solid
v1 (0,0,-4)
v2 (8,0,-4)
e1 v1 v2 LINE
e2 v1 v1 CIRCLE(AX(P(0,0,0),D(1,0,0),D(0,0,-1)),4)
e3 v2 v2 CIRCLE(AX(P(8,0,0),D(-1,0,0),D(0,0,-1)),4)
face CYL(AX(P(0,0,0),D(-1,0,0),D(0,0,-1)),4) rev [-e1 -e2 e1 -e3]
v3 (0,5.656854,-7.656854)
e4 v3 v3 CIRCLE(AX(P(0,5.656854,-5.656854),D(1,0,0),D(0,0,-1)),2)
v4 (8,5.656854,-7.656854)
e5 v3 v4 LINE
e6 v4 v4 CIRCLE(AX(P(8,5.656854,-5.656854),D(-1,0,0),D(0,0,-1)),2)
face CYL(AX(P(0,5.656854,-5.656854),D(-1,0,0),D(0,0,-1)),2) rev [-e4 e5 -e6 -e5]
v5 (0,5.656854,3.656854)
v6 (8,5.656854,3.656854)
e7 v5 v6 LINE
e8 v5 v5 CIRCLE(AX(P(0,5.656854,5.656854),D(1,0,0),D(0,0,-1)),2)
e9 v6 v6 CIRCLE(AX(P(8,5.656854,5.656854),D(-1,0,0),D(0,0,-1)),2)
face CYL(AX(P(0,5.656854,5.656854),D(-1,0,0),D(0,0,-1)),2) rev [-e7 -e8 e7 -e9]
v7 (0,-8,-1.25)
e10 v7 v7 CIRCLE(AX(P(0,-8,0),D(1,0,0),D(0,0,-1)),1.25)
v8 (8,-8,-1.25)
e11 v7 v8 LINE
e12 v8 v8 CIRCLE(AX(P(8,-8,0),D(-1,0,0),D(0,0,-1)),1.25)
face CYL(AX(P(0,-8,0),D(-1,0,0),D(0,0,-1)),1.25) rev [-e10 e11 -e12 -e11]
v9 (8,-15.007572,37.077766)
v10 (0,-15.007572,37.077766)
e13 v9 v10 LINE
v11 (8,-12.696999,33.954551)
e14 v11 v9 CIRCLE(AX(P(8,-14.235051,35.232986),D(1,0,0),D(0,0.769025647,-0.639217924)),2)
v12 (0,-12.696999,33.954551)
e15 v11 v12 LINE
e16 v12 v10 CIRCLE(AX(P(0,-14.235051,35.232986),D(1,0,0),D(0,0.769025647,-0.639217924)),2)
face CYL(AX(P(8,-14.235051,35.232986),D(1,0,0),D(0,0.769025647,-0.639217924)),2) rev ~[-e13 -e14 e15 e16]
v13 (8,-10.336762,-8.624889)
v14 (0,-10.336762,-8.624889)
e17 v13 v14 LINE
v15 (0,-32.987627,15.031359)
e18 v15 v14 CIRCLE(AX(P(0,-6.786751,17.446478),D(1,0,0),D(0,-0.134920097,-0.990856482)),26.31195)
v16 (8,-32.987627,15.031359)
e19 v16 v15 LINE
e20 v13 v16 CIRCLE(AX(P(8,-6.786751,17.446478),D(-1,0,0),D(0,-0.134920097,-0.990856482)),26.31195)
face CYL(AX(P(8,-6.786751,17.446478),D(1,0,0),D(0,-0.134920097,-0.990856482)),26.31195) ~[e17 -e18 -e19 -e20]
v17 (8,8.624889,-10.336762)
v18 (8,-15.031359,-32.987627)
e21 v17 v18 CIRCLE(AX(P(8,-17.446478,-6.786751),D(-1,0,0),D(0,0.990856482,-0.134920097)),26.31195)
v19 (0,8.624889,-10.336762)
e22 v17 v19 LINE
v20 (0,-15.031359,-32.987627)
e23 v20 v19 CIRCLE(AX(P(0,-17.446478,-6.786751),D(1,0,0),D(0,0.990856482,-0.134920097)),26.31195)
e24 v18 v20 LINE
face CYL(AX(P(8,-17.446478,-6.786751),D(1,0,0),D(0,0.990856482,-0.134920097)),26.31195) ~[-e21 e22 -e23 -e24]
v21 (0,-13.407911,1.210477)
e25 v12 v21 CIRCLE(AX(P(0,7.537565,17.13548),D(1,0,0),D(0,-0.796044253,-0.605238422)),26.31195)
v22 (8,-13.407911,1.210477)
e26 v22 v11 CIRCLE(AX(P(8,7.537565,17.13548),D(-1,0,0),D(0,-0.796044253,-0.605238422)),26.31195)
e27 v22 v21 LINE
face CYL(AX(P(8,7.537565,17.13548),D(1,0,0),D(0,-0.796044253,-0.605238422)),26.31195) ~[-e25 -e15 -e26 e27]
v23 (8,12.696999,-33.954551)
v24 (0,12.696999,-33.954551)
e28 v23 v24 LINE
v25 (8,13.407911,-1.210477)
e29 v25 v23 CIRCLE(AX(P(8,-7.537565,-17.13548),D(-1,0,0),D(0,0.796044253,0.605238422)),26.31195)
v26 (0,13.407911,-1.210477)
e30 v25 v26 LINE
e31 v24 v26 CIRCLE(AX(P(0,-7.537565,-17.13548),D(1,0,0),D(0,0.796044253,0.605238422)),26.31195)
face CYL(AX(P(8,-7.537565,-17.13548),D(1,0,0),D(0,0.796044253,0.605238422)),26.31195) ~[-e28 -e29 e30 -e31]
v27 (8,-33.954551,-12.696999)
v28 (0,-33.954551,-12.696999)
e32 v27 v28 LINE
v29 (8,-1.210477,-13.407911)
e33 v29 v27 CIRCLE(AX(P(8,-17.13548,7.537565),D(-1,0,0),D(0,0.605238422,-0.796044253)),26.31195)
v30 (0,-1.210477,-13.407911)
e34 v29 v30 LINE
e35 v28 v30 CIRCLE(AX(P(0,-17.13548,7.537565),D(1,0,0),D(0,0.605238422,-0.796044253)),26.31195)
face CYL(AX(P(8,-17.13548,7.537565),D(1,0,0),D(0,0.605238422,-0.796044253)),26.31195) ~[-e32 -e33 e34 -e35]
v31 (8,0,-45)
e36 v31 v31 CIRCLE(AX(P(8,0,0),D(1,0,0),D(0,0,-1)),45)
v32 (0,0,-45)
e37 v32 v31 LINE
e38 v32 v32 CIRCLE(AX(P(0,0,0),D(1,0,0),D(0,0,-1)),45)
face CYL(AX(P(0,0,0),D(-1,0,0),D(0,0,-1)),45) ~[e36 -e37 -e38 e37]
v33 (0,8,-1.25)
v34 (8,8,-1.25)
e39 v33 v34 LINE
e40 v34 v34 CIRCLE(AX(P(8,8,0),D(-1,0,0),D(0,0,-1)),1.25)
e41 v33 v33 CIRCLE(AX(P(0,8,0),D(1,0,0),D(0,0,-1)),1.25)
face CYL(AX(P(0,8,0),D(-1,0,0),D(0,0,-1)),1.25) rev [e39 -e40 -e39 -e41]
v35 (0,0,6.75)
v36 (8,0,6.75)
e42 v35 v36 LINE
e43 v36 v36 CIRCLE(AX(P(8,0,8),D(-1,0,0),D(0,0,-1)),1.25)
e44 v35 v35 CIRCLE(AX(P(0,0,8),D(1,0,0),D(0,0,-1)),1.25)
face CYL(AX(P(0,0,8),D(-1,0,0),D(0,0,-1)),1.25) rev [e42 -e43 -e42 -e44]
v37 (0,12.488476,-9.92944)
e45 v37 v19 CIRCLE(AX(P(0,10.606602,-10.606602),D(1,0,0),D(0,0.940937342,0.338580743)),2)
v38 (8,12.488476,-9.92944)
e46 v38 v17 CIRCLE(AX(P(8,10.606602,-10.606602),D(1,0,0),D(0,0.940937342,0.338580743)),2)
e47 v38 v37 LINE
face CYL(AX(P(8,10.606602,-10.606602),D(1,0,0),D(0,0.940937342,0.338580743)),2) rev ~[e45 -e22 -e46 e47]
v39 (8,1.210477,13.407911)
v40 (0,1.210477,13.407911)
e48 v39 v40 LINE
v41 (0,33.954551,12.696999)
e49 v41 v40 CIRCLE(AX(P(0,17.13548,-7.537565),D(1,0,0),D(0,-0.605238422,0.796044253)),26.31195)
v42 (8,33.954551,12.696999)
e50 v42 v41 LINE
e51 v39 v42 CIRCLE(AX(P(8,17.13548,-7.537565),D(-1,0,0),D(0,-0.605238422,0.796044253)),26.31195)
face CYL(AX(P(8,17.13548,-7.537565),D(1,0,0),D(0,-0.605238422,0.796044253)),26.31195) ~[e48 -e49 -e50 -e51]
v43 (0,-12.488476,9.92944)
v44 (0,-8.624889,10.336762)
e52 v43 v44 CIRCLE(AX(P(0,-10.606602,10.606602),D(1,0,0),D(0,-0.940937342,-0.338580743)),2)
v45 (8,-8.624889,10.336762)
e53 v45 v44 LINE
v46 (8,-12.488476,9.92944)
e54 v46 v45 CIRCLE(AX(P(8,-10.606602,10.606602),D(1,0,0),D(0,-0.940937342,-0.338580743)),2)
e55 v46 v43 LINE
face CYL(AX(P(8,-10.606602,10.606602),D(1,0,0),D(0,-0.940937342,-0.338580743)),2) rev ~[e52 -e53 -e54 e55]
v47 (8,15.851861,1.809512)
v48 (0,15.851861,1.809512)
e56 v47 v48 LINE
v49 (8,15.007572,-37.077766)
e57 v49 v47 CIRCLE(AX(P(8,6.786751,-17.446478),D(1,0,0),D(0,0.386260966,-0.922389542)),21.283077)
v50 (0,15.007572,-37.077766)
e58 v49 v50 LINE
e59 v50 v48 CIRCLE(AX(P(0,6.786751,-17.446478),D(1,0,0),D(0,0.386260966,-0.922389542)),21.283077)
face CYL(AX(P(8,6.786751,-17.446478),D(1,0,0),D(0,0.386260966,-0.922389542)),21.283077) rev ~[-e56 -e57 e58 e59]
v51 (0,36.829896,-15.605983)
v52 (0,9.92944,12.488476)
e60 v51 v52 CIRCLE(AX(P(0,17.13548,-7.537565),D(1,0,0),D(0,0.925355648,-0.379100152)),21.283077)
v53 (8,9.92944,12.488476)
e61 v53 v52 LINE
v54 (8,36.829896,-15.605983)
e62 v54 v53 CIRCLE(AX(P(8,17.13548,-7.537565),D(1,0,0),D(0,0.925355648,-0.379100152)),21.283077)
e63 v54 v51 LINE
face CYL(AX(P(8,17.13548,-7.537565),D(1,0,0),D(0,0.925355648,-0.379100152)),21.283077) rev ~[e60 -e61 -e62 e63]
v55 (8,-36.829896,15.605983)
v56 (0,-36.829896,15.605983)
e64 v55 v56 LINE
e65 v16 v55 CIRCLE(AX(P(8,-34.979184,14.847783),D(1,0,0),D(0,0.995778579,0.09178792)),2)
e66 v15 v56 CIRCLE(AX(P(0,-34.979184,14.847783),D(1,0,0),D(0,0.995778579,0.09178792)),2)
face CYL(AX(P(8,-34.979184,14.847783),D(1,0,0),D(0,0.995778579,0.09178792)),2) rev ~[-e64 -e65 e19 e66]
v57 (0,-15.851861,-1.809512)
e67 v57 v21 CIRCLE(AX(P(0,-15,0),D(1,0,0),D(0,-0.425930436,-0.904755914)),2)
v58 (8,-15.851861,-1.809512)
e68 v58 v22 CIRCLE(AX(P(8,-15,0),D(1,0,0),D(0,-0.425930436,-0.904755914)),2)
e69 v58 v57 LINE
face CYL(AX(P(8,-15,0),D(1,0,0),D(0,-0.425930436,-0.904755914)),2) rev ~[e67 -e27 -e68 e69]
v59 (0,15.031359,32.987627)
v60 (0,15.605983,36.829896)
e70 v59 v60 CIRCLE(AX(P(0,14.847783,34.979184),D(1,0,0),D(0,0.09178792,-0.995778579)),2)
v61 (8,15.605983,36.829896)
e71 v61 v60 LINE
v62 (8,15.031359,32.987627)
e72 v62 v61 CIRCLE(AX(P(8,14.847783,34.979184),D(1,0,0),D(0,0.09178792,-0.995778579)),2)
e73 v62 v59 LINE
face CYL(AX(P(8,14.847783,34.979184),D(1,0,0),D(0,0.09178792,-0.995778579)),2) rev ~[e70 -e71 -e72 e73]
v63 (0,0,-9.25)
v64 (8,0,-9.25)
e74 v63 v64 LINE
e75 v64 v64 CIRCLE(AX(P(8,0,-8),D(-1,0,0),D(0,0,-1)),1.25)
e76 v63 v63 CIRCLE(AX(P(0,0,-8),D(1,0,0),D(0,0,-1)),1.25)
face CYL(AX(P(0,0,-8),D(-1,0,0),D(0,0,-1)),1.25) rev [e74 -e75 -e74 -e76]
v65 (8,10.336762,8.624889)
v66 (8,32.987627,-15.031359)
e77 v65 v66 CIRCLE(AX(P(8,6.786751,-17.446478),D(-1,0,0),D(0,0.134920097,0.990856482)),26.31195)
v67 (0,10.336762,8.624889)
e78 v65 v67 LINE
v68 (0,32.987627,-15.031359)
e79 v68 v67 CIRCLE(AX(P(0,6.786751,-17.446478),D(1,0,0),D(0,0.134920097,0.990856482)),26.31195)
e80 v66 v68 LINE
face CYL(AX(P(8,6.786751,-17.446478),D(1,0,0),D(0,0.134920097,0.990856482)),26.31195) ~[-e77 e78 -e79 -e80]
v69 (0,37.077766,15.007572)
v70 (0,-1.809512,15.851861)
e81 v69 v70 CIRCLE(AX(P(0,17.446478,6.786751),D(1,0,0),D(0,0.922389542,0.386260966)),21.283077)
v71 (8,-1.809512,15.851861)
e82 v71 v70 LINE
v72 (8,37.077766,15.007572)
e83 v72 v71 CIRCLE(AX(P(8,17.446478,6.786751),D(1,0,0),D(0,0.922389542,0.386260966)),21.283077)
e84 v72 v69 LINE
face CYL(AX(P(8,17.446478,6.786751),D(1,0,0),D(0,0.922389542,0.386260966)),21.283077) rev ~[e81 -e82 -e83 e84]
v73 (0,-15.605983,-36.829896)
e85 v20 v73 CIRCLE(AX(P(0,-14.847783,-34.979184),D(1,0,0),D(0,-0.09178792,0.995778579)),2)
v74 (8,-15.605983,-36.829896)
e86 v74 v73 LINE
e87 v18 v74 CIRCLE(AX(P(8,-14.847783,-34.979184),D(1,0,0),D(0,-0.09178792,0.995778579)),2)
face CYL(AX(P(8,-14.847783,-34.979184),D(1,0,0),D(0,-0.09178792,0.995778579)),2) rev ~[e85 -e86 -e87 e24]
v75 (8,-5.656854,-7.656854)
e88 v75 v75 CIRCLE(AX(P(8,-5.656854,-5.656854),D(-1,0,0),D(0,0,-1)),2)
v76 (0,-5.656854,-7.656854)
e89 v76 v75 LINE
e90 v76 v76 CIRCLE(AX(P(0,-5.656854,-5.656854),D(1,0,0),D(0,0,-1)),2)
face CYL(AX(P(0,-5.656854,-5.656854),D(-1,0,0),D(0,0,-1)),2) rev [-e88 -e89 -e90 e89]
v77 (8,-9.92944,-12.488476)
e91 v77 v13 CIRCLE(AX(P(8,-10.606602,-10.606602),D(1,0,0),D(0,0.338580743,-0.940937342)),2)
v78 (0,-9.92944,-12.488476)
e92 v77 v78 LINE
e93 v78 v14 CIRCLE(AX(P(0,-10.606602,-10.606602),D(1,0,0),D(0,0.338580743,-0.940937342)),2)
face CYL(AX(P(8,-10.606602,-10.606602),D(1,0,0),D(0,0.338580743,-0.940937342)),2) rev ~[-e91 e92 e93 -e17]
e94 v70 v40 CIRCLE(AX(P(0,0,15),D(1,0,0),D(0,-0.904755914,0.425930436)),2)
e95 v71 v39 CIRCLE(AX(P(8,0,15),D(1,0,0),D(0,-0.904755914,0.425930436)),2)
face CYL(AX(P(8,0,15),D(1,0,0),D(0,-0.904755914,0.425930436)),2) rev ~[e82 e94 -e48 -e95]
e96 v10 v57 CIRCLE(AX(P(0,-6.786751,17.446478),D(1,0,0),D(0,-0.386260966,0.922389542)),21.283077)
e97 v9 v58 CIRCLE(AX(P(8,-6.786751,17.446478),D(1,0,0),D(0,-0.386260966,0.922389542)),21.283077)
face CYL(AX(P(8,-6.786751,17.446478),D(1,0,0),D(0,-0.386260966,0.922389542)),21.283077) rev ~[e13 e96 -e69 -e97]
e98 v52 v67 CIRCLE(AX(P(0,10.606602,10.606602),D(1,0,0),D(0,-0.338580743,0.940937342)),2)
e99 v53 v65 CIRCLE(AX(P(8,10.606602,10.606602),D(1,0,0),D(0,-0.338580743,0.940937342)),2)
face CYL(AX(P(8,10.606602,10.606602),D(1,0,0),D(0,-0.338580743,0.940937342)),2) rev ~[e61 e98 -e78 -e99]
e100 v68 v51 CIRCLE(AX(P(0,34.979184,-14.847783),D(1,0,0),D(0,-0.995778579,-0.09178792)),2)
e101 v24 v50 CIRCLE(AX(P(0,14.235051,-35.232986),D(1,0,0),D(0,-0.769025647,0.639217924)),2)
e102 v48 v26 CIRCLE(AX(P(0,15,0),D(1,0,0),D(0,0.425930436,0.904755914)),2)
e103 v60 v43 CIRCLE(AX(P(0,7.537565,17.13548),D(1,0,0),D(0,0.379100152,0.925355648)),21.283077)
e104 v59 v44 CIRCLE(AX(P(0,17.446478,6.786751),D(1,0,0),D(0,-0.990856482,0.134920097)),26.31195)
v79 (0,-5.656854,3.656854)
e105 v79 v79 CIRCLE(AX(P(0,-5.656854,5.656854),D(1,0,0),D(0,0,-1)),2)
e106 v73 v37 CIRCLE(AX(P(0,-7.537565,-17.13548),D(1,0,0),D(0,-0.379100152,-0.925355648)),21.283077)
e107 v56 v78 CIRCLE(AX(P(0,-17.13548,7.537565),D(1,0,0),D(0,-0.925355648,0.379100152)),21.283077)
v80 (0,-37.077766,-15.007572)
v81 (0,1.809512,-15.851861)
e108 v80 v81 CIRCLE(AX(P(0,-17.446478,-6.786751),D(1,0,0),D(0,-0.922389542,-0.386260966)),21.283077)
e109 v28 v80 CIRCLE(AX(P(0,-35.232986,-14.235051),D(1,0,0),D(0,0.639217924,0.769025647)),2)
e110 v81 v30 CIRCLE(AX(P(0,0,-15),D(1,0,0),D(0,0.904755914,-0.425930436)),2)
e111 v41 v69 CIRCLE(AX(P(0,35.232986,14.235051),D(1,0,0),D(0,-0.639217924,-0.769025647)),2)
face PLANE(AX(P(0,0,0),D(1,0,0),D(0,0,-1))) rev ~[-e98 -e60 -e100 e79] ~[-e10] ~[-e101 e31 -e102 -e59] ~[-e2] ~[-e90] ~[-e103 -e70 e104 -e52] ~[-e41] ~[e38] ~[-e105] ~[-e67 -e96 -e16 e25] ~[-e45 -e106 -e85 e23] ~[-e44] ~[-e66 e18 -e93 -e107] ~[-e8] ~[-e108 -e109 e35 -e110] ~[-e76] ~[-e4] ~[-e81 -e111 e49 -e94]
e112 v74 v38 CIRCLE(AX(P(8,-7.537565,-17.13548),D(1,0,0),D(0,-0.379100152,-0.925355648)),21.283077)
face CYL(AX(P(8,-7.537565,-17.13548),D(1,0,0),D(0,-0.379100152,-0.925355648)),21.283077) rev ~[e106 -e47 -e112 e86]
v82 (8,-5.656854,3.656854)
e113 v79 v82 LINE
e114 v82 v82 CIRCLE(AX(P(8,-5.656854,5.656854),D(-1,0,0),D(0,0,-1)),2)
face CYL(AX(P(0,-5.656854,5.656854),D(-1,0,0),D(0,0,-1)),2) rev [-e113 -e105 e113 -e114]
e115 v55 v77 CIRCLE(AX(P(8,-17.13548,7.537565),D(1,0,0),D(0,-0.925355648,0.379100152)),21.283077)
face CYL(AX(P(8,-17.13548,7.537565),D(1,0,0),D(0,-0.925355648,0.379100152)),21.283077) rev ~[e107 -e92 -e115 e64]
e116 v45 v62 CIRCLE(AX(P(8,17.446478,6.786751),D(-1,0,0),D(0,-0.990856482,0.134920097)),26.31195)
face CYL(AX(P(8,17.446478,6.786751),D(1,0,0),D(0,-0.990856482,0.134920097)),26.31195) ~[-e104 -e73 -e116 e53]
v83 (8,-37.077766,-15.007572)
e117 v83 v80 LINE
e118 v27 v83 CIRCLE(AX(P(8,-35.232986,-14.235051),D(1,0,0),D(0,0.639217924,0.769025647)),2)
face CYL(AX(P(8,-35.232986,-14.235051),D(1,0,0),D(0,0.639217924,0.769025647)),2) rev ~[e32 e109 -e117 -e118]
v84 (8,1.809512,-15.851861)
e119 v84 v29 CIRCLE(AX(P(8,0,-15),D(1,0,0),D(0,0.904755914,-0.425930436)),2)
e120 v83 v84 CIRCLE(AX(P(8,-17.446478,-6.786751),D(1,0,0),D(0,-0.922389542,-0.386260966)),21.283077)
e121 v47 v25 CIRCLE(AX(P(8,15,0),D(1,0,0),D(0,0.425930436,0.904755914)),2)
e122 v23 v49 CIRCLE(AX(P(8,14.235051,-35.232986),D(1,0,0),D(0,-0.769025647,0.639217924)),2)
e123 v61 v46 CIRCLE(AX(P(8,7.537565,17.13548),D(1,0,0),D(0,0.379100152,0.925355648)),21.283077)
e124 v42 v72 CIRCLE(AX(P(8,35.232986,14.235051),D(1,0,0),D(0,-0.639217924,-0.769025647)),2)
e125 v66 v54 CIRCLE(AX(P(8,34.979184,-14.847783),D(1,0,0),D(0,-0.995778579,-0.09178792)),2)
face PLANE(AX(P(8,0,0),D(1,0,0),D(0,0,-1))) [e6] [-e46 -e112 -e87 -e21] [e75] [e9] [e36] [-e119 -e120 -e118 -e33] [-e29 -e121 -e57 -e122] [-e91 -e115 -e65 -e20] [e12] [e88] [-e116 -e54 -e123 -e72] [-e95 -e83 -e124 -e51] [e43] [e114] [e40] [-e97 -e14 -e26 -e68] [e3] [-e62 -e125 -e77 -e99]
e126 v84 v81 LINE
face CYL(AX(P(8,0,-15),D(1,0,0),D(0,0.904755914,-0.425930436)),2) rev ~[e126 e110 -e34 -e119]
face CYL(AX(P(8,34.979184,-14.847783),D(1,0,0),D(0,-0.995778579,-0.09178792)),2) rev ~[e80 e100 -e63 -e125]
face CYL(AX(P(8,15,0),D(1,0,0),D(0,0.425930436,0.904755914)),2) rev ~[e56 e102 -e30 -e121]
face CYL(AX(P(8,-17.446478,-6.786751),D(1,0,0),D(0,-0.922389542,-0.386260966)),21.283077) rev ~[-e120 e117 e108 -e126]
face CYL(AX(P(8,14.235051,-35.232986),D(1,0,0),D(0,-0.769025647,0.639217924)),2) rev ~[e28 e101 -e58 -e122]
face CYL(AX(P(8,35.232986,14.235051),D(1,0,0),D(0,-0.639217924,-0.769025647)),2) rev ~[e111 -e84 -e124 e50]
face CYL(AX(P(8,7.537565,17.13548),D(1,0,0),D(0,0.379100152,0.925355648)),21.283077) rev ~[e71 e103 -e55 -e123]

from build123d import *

# Parameters (mm, degrees)
SPROCKET_R                   = 45
ESTRUSIONE_ESTRUSIONE2_DEPTH = 8
SCHIZZO1_R                   = 4
SCHIZZO1_R_2                 = 2
SCHIZZO1_R_3                 = 1.25
TAGLIO_ESTRUSIONE2_DEPTH     = 9
TAGLIO_ESTRUSIONE3_DEPTH     = 9


with BuildPart() as part:
    # Sprocket → Estrusione-Estrusione2 (new body)
    with BuildSketch(Plane(origin=(0, 0, 0), x_dir=(0, 0, -1), z_dir=(1, 0, 0))):
        Circle(SPROCKET_R)
    extrude(amount=ESTRUSIONE_ESTRUSIONE2_DEPTH)

    # Schizzo1 → Taglio-Estrusione2 (cut, through all)
    with BuildSketch(Plane(origin=(0, 0, 0), x_dir=(0, 0, -1), z_dir=(1, 0, 0))):
        Circle(SCHIZZO1_R)
        with Locations((-5.656854249, 5.656854249)):
            Circle(SCHIZZO1_R_2)
        with Locations((5.656854249, 5.656854249)):
            Circle(SCHIZZO1_R_2)
        with Locations((0, 8)):
            Circle(SCHIZZO1_R_3)
        with Locations((8, 0)):
            Circle(SCHIZZO1_R_3)
        with Locations((-8, 0)):
            Circle(SCHIZZO1_R_3)
        with Locations((0, -8)):
            Circle(SCHIZZO1_R_3)
        with Locations((5.656854249, -5.656854249)):
            Circle(SCHIZZO1_R_2)
        with Locations((-5.656854249, -5.656854249)):
            Circle(SCHIZZO1_R_2)
    extrude(amount=TAGLIO_ESTRUSIONE2_DEPTH, mode=Mode.SUBTRACT)

    # Schizzo2 → Taglio-Estrusione3 (cut, through all)
    with BuildSketch(Plane(origin=(8, 0, 0), x_dir=(0, 0, -1), z_dir=(1, 0, 0))):
        with BuildLine():
            ThreePointArc((10.336761524, 8.624888754), (25.791574711, 0.750648199), (32.987627274, -15.031358723))
            ThreePointArc((32.987627274, -15.031358723), (34.683367414, -16.825784979), (36.829895727, -15.605983186))
            ThreePointArc((36.829895727, -15.605983186), (32.508005906, 7.181633564), (9.929440233, 12.488476401))
            ThreePointArc((9.929440233, 12.488476401), (8.617624488, 10.396912474), (10.336761524, 8.624888754))
        make_face()
        with BuildLine():
            ThreePointArc((-1.809511828, 15.851860872), (-1.2581466, 13.445308027), (1.210476844, 13.407911494))
            ThreePointArc((1.210476844, 13.407911494), (17.706608944, 18.768185808), (33.954550624, 12.696999257))
            ThreePointArc((33.954550624, 12.696999257), (36.42247095, 12.627217636), (37.077765557, 15.007572481))
            ThreePointArc((37.077765557, 15.007572481), (17.908449626, 28.064813212), (-1.809511828, 15.851860872))
        make_face()
        with BuildLine():
            ThreePointArc((13.407911494, -1.210476844), (18.768185808, -17.706608944), (12.696999257, -33.954550624))
            ThreePointArc((12.696999257, -33.954550624), (12.627217636, -36.42247095), (15.007572481, -37.077765557))
            ThreePointArc((15.007572481, -37.077765557), (28.064813212, -17.908449626), (15.851860872, 1.809511828))
            ThreePointArc((15.851860872, 1.809511828), (13.445308027, 1.2581466), (13.407911494, -1.210476844))
        make_face()
        with BuildLine():
            ThreePointArc((8.624888754, -10.336761524), (0.750648199, -25.791574711), (-15.031358723, -32.987627274))
            ThreePointArc((-15.031358723, -32.987627274), (-16.825784979, -34.683367414), (-15.605983186, -36.829895727))
            ThreePointArc((-15.605983186, -36.829895727), (7.181633564, -32.508005906), (12.488476401, -9.929440233))
            ThreePointArc((12.488476401, -9.929440233), (10.396912474, -8.617624488), (8.624888754, -10.336761524))
        make_face()
        with BuildLine():
            ThreePointArc((-1.210476844, -13.407911494), (-17.706608944, -18.768185808), (-33.954550624, -12.696999257))
            ThreePointArc((-33.954550624, -12.696999257), (-36.42247095, -12.627217636), (-37.077765557, -15.007572481))
            ThreePointArc((-37.077765557, -15.007572481), (-17.908449626, -28.064813212), (1.809511828, -15.851860872))
            ThreePointArc((1.809511828, -15.851860872), (1.2581466, -13.445308027), (-1.210476844, -13.407911494))
        make_face()
        with BuildLine():
            ThreePointArc((-10.336761524, -8.624888754), (-25.791574711, -0.750648199), (-32.987627274, 15.031358723))
            ThreePointArc((-32.987627274, 15.031358723), (-34.683367414, 16.825784979), (-36.829895727, 15.605983186))
            ThreePointArc((-36.829895727, 15.605983186), (-32.508005906, -7.181633564), (-9.929440233, -12.488476401))
            ThreePointArc((-9.929440233, -12.488476401), (-8.617624488, -10.396912474), (-10.336761524, -8.624888754))
        make_face()
        with BuildLine():
            ThreePointArc((-13.407911494, 1.210476844), (-18.768185808, 17.706608944), (-12.696999257, 33.954550624))
            ThreePointArc((-12.696999257, 33.954550624), (-12.627217636, 36.42247095), (-15.007572481, 37.077765557))
            ThreePointArc((-15.007572481, 37.077765557), (-28.064813212, 17.908449626), (-15.851860872, -1.809511828))
            ThreePointArc((-15.851860872, -1.809511828), (-13.445308027, -1.2581466), (-13.407911494, 1.210476844))
        make_face()
        with BuildLine():
            ThreePointArc((-8.624888754, 10.336761524), (-0.750648199, 25.791574711), (15.031358723, 32.987627274))
            ThreePointArc((15.031358723, 32.987627274), (16.825784979, 34.683367414), (15.605983186, 36.829895727))
            ThreePointArc((15.605983186, 36.829895727), (-7.181633564, 32.508005906), (-12.488476401, 9.929440233))
            ThreePointArc((-12.488476401, 9.929440233), (-10.396912474, 8.617624488), (-8.624888754, 10.336761524))
        make_face()
    extrude(amount=-TAGLIO_ESTRUSIONE3_DEPTH, mode=Mode.SUBTRACT)


solid = part.part
